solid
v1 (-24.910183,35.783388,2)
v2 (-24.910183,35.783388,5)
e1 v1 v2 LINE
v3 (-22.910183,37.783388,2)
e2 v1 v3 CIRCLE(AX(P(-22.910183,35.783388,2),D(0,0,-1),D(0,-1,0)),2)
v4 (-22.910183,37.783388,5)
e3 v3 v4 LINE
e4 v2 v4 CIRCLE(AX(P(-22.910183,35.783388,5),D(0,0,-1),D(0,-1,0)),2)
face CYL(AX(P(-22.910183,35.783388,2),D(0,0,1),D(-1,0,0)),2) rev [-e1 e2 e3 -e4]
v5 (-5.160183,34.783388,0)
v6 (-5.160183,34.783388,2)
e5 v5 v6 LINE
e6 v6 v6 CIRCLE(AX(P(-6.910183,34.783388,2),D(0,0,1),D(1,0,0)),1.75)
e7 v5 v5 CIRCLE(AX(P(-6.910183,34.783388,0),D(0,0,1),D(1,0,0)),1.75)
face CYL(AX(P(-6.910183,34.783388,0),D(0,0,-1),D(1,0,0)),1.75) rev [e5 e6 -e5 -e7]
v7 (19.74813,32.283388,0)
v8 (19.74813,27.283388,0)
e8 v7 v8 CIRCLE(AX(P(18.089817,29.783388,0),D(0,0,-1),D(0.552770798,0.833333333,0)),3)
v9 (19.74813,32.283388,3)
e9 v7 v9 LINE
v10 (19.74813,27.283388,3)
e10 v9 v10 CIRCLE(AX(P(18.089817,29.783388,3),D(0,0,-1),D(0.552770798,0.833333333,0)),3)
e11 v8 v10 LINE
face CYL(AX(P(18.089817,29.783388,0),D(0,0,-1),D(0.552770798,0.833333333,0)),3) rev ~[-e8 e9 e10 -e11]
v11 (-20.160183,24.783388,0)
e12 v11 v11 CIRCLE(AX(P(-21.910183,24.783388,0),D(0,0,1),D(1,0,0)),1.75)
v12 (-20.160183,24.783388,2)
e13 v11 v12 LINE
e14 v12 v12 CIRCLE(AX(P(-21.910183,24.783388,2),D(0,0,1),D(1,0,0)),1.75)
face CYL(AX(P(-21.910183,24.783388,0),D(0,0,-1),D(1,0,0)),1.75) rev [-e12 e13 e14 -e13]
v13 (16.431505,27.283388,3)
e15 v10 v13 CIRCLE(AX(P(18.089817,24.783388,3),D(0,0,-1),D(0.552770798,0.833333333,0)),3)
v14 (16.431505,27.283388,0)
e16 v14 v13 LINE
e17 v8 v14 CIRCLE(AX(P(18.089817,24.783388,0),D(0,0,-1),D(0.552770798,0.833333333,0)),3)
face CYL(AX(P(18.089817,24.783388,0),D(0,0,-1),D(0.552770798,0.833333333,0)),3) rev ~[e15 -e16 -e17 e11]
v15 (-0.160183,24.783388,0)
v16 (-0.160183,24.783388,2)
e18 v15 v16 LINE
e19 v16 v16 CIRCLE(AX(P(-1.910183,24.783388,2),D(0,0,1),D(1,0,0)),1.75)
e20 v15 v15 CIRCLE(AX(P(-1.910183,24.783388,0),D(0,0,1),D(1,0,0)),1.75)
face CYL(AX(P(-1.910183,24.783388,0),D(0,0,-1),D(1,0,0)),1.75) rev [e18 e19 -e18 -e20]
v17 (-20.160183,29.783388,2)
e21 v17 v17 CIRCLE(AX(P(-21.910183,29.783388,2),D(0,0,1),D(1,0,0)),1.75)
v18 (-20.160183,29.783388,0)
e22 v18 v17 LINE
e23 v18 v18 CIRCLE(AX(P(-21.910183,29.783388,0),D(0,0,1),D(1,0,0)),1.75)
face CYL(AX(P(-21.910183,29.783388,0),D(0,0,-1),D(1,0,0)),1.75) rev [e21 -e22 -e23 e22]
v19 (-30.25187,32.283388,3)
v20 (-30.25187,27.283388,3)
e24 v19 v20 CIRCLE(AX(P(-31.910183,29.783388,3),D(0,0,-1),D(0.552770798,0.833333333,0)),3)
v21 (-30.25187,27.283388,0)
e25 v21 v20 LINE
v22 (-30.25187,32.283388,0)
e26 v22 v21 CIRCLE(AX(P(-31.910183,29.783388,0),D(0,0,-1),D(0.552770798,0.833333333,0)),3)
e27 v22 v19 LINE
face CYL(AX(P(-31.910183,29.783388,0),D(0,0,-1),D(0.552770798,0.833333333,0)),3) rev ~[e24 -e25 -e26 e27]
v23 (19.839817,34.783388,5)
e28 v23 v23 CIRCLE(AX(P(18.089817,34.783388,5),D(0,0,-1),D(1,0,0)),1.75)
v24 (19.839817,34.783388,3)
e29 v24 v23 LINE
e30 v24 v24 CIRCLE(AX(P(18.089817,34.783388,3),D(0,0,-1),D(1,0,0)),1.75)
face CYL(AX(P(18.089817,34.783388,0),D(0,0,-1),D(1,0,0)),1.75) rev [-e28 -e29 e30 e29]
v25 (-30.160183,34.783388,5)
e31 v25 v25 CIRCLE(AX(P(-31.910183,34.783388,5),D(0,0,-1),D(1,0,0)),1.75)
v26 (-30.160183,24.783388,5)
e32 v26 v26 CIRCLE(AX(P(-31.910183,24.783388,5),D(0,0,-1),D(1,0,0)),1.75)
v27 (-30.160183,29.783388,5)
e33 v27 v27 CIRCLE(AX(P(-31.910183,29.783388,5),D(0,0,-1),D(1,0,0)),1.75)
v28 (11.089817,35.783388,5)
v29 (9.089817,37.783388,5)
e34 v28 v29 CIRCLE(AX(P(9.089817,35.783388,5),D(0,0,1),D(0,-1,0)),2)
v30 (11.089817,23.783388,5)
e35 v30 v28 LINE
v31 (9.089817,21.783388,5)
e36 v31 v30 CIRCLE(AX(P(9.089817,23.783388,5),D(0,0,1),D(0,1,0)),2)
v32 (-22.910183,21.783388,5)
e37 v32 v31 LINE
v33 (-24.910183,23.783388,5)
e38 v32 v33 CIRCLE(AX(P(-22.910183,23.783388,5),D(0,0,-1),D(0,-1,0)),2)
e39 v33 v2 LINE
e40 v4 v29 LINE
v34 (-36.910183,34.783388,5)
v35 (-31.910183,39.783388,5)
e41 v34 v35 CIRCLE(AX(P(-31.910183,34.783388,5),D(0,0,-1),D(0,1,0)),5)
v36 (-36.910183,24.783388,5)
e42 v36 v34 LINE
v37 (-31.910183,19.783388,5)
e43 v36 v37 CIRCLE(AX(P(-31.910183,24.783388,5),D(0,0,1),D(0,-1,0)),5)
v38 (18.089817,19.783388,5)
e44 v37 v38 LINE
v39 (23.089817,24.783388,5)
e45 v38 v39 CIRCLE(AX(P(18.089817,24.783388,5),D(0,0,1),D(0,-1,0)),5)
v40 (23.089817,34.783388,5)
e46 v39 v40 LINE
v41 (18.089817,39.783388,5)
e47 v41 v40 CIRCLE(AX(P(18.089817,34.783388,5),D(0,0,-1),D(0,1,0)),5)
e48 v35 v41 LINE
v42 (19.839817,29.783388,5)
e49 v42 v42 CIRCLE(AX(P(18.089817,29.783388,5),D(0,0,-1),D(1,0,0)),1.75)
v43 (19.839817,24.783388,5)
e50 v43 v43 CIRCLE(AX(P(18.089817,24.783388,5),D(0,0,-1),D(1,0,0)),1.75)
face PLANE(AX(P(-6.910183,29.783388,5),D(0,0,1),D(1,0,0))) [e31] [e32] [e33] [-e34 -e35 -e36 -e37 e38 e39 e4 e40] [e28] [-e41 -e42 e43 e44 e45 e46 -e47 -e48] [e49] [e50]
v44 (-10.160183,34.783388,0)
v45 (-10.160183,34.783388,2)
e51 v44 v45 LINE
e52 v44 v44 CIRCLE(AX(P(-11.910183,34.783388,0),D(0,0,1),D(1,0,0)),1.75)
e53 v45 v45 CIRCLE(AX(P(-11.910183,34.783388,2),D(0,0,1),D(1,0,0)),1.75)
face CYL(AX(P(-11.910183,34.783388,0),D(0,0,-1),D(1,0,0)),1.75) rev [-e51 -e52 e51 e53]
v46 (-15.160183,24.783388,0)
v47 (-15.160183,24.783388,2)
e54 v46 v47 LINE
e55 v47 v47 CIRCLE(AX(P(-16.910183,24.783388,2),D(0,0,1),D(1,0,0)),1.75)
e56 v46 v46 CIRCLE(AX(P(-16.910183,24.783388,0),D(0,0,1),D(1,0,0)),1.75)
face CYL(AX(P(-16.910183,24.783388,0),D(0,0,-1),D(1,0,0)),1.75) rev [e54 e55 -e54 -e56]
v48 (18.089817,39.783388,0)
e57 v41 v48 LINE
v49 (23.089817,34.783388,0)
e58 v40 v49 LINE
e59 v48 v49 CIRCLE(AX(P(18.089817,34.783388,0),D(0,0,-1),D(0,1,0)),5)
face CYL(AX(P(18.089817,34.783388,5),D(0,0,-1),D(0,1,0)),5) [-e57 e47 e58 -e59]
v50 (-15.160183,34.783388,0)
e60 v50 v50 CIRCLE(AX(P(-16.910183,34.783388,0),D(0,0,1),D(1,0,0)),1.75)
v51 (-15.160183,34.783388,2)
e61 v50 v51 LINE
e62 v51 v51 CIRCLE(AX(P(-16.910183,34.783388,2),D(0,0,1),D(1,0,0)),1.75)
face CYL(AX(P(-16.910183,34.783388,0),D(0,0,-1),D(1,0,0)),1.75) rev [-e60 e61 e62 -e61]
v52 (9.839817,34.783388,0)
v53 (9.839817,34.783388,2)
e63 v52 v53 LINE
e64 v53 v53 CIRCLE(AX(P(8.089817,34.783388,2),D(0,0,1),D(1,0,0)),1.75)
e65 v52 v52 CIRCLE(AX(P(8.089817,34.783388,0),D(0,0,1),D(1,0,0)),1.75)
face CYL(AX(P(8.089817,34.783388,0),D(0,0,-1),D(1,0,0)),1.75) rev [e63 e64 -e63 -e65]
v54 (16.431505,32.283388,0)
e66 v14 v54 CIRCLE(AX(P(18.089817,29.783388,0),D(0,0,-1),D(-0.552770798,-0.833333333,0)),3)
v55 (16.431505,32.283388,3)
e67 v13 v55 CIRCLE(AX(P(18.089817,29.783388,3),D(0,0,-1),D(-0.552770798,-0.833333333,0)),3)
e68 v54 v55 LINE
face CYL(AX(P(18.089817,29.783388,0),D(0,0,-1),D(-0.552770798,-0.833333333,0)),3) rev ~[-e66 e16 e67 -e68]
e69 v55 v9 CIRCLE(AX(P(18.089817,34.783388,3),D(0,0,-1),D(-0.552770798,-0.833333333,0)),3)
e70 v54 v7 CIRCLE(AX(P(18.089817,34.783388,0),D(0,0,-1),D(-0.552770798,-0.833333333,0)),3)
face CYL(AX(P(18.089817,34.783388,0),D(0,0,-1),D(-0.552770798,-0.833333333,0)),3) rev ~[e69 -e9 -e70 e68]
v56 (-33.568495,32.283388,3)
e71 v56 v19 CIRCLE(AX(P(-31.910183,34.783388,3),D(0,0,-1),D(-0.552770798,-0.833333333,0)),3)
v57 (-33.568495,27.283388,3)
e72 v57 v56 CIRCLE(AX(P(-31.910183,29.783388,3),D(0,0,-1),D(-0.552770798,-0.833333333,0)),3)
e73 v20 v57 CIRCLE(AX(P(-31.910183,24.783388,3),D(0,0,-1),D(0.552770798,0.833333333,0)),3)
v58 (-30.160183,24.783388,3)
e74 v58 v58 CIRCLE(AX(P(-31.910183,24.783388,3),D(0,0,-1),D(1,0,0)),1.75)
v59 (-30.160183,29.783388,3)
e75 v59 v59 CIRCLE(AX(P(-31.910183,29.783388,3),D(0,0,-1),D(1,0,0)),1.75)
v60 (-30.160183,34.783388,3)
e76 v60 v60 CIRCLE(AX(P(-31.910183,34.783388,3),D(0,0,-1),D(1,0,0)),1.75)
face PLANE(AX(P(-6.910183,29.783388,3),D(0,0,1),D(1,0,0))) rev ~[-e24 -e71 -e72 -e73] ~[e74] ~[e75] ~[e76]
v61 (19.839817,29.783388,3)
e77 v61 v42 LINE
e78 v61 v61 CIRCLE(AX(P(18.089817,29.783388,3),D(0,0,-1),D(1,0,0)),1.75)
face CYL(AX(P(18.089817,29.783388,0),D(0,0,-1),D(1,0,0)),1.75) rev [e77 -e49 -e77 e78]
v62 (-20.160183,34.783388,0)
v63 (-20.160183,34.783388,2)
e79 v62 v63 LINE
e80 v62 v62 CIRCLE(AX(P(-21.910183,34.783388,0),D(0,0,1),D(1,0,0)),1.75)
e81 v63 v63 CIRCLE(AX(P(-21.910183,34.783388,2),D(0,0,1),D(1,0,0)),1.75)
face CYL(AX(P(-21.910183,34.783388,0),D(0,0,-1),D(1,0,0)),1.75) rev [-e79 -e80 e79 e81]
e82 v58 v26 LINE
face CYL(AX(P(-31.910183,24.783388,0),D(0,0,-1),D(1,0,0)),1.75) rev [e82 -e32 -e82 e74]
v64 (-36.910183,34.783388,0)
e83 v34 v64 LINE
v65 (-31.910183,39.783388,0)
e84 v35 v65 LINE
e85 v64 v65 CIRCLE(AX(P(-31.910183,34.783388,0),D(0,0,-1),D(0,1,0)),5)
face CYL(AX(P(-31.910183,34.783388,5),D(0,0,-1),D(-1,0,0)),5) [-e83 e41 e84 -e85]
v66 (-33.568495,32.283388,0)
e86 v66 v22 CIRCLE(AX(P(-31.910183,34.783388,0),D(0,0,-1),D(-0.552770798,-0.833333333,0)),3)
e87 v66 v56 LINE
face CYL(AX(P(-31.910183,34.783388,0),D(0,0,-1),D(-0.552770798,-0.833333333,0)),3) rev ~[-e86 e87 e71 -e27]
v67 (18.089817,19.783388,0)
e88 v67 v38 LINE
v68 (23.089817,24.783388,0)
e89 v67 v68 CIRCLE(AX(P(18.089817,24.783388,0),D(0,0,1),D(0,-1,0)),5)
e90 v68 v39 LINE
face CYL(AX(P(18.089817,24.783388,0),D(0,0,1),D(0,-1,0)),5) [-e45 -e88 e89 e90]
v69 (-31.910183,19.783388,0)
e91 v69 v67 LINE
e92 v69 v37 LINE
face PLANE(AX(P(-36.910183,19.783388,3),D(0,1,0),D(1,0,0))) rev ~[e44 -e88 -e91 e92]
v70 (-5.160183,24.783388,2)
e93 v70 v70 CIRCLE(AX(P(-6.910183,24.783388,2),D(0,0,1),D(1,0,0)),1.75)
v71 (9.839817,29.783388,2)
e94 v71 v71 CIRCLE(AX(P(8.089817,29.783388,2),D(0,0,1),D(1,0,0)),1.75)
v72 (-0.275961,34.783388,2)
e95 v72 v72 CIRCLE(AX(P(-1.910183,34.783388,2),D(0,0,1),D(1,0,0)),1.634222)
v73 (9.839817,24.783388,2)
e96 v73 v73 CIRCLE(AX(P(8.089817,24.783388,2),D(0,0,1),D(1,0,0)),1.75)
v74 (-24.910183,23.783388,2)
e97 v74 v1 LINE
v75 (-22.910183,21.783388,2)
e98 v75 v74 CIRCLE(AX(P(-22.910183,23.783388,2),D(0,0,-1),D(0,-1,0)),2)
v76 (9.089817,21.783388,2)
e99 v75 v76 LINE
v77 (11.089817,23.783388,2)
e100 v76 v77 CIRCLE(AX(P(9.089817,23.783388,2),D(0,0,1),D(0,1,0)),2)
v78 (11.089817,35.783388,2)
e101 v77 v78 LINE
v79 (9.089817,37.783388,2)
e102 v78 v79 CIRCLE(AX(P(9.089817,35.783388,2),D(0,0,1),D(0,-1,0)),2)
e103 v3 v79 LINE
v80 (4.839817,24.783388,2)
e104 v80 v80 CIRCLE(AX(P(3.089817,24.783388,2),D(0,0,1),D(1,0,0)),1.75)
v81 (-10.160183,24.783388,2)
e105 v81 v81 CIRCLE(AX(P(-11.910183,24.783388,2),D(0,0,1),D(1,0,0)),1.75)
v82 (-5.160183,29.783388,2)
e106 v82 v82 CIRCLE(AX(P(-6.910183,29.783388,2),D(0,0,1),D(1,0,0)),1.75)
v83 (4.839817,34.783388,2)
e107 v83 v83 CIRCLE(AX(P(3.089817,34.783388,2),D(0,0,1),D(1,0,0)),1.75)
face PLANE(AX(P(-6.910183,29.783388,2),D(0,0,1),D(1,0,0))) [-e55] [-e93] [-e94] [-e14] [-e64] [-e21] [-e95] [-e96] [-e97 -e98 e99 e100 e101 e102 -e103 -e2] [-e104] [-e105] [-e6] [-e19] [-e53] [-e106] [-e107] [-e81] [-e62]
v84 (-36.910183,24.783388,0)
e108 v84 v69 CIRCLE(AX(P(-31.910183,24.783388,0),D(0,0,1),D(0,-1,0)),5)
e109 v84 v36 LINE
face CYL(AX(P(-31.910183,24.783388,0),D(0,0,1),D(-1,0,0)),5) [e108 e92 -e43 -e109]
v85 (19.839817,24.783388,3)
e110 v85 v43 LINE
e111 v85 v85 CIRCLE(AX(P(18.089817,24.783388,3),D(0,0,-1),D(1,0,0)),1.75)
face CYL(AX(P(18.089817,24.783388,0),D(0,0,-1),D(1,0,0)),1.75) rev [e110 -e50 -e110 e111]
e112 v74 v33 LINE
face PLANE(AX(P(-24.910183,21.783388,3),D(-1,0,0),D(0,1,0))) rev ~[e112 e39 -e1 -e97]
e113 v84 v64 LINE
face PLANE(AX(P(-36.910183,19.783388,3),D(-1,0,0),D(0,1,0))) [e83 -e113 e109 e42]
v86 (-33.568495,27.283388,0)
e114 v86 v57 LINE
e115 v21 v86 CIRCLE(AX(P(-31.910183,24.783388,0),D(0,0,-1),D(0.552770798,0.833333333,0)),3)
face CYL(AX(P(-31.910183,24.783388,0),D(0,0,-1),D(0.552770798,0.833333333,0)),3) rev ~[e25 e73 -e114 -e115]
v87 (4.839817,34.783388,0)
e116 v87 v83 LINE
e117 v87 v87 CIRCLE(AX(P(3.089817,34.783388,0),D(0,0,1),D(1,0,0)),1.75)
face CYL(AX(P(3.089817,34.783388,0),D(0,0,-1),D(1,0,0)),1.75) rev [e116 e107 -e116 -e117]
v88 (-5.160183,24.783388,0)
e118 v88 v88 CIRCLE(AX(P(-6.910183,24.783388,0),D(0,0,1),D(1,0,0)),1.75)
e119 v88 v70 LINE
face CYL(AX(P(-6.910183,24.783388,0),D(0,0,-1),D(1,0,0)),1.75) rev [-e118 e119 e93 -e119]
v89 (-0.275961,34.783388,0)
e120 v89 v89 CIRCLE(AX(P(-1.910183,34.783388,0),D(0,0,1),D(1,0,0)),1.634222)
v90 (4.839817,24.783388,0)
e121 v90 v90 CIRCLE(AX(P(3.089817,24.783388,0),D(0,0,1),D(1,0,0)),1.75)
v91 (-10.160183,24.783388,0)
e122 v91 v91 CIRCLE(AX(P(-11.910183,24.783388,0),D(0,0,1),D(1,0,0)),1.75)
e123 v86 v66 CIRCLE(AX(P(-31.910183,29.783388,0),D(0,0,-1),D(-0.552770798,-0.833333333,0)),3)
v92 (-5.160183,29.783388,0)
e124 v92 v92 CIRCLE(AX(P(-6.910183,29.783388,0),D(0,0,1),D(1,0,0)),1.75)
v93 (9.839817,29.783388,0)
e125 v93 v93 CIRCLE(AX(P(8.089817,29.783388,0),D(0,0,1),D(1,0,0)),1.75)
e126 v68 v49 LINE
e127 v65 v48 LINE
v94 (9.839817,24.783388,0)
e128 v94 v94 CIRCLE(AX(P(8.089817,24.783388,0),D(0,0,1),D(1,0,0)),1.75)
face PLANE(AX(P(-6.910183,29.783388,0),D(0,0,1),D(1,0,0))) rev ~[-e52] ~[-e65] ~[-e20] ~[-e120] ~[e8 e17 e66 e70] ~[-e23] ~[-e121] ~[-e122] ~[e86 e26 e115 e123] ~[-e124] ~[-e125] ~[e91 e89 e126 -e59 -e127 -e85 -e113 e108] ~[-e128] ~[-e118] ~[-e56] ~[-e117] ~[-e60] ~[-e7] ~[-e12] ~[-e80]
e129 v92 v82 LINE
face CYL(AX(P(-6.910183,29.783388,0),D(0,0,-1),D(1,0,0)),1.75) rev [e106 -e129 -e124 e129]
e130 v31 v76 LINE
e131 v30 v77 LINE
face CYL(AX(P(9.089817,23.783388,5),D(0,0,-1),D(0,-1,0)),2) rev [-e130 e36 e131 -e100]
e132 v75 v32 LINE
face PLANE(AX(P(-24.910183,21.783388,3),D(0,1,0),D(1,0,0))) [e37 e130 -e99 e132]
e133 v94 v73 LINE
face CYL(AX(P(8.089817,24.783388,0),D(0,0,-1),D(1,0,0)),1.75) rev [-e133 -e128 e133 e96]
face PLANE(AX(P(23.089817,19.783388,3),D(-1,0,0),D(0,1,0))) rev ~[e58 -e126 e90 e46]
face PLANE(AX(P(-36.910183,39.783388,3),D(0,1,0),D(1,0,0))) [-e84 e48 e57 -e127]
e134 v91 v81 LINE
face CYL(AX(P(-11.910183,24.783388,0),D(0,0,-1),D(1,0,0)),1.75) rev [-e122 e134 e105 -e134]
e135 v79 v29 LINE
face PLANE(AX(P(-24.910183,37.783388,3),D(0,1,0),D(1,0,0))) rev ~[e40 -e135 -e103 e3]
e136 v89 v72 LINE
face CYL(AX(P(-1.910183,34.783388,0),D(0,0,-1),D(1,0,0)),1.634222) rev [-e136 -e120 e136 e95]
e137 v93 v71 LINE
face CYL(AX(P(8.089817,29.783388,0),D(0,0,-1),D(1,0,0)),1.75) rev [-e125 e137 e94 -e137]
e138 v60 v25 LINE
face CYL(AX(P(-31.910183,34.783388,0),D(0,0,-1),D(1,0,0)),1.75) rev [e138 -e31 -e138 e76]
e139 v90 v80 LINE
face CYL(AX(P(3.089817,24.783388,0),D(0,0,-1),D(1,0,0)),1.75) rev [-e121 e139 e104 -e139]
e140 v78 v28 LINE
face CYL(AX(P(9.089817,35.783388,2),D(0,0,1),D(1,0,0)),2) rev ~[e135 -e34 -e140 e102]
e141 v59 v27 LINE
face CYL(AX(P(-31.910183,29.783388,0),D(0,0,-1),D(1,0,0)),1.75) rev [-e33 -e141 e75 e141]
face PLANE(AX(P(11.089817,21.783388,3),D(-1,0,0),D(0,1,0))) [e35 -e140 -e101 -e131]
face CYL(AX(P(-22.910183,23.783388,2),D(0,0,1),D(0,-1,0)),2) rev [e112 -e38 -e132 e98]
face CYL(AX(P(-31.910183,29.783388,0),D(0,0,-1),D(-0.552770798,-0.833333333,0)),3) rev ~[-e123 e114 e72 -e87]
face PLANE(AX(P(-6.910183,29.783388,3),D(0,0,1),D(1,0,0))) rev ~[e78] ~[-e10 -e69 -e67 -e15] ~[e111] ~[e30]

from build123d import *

# Parameters (mm, degrees)
F0_W     = 36
F0_H     = 16
F0_R     = 1.75
F0_R_2   = 1.6342219217
F1_DEPTH = 2
F0_W_2   = 60
F0_H_2   = 20
F2_DEPTH = 3
F3_W     = 60
F3_H     = 20
F3_W_2   = 36
F3_H_2   = 16
F4_DEPTH = 2
F5_DEPTH = 25
F6_R     = 5
F7_R     = 2


with BuildPart() as f1:
    # F0 (on Top) → F1 (new body)
    with BuildSketch(Plane.XY):
        with Locations((-6.9101825356, 29.7833877802)):
            Rectangle(F0_W, F0_H)
        with Locations((-21.9101825356, 24.7833877802)):
            Circle(F0_R, mode=Mode.SUBTRACT)
        with Locations((-16.9101825356, 24.7833877802)):
            Circle(F0_R, mode=Mode.SUBTRACT)
        with Locations((-11.9101825356, 24.7833877802)):
            Circle(F0_R, mode=Mode.SUBTRACT)
        with Locations((-6.9101825356, 24.7833877802)):
            Circle(F0_R, mode=Mode.SUBTRACT)
        with Locations((-1.9101825356, 24.7833877802)):
            Circle(F0_R, mode=Mode.SUBTRACT)
        with Locations((3.0898174644, 24.7833877802)):
            Circle(F0_R, mode=Mode.SUBTRACT)
        with Locations((8.0898174644, 24.7833877802)):
            Circle(F0_R, mode=Mode.SUBTRACT)
        with Locations((-21.9101825356, 29.7833877802)):
            Circle(F0_R, mode=Mode.SUBTRACT)
        with Locations((-21.9101825356, 34.7833877802)):
            Circle(F0_R, mode=Mode.SUBTRACT)
        with Locations((-16.9101825356, 34.7833877802)):
            Circle(F0_R, mode=Mode.SUBTRACT)
        with Locations((-11.9101825356, 34.7833877802)):
            Circle(F0_R, mode=Mode.SUBTRACT)
        with Locations((-6.9101825356, 29.7833877802)):
            Circle(F0_R, mode=Mode.SUBTRACT)
        with Locations((8.0898174644, 29.7833877802)):
            Circle(F0_R, mode=Mode.SUBTRACT)
        with Locations((-6.9101825356, 34.7833877802)):
            Circle(F0_R, mode=Mode.SUBTRACT)
        with Locations((-1.9101825356, 34.7833877802)):
            Circle(F0_R_2, mode=Mode.SUBTRACT)
        with Locations((3.0898174644, 34.7833877802)):
            Circle(F0_R, mode=Mode.SUBTRACT)
        with Locations((8.0898174644, 34.7833877802)):
            Circle(F0_R, mode=Mode.SUBTRACT)
    extrude(amount=F1_DEPTH)

    # F0 (on Top) → F2 (join)
    with BuildSketch(Plane.XY):
        with Locations((-6.9101825356, 29.7833877802)):
            Rectangle(F0_W_2, F0_H_2)
        with Locations((-6.9101825356, 29.7833877802)):
            Rectangle(F0_W, F0_H, mode=Mode.SUBTRACT)
        with BuildLine():
            ThreePointArc((-30.2518701405, 27.2833877802), (-31.9101825356, 21.7833877802), (-33.5684949308, 27.2833877802))
            ThreePointArc((-33.5684949308, 27.2833877802), (-34.9101825356, 29.7833877802), (-33.5684949308, 32.2833877802))
            ThreePointArc((-33.5684949308, 32.2833877802), (-31.9101825356, 37.7833877802), (-30.2518701405, 32.2833877802))
            ThreePointArc((-30.2518701405, 32.2833877802), (-28.9101825356, 29.7833877802), (-30.2518701405, 27.2833877802))
        make_face(mode=Mode.SUBTRACT)
        with BuildLine():
            ThreePointArc((19.7481298595, 27.2833877802), (18.0898174644, 21.7833877802), (16.4315050692, 27.2833877802))
            ThreePointArc((16.4315050692, 27.2833877802), (15.0898174644, 29.7833877802), (16.4315050692, 32.2833877802))
            ThreePointArc((16.4315050692, 32.2833877802), (18.0898174644, 37.7833877802), (19.7481298595, 32.2833877802))
            ThreePointArc((19.7481298595, 32.2833877802), (21.0898174644, 29.7833877802), (19.7481298595, 27.2833877802))
        make_face(mode=Mode.SUBTRACT)
    extrude(amount=F2_DEPTH)

    # F3 (on face) → F4 (join)
    with BuildSketch(Plane.XY.offset(3)):
        with Locations((-6.9101825356, 29.7833877802)):
            Rectangle(F3_W, F3_H)
        with Locations((-6.9101825356, 29.7833877802)):
            Rectangle(F3_W_2, F3_H_2, mode=Mode.SUBTRACT)
        with BuildLine():
            ThreePointArc((-33.5684949308, 32.2833877802), (-31.9101825356, 37.7833877802), (-30.2518701405, 32.2833877802))
            ThreePointArc((-30.2518701405, 32.2833877802), (-28.9101825356, 29.7833877802), (-30.2518701405, 27.2833877802))
            ThreePointArc((-30.2518701405, 27.2833877802), (-31.9101825356, 21.7833877802), (-33.5684949308, 27.2833877802))
            ThreePointArc((-33.5684949308, 27.2833877802), (-34.9101825356, 29.7833877802), (-33.5684949308, 32.2833877802))
        make_face(mode=Mode.SUBTRACT)
        with BuildLine():
            ThreePointArc((16.4315050692, 32.2833877802), (18.0898174644, 37.7833877802), (19.7481298595, 32.2833877802))
            ThreePointArc((19.7481298595, 32.2833877802), (21.0898174644, 29.7833877802), (19.7481298595, 27.2833877802))
            ThreePointArc((19.7481298595, 27.2833877802), (18.0898174644, 21.7833877802), (16.4315050692, 27.2833877802))
            ThreePointArc((16.4315050692, 27.2833877802), (15.0898174644, 29.7833877802), (16.4315050692, 32.2833877802))
        make_face(mode=Mode.SUBTRACT)
        with BuildLine():
            ThreePointArc((19.7481298595, 27.2833877802), (21.0898174644, 29.7833877802), (19.7481298595, 32.2833877802))
            ThreePointArc((19.7481298595, 32.2833877802), (18.0898174644, 37.7833877802), (16.4315050692, 32.2833877802))
            ThreePointArc((16.4315050692, 32.2833877802), (15.0898174644, 29.7833877802), (16.4315050692, 27.2833877802))
            ThreePointArc((16.4315050692, 27.2833877802), (18.0898174644, 21.7833877802), (19.7481298595, 27.2833877802))
        make_face()
        with BuildLine():
            ThreePointArc((-30.2518701405, 27.2833877802), (-28.9101825356, 29.7833877802), (-30.2518701405, 32.2833877802))
            ThreePointArc((-30.2518701405, 32.2833877802), (-31.9101825356, 37.7833877802), (-33.5684949308, 32.2833877802))
            ThreePointArc((-33.5684949308, 32.2833877802), (-34.9101825356, 29.7833877802), (-33.5684949308, 27.2833877802))
            ThreePointArc((-33.5684949308, 27.2833877802), (-31.9101825356, 21.7833877802), (-30.2518701405, 27.2833877802))
        make_face()
    extrude(amount=F4_DEPTH)

    # F0 (on Top) → F5 (cut)
    with BuildSketch(Plane.XY):
        with Locations((-31.9101825356, 34.7833877802)):
            Circle(F0_R)
        with Locations((-31.9101825356, 29.7833877802)):
            Circle(F0_R)
        with Locations((-31.9101825356, 24.7833877802)):
            Circle(F0_R)
        with Locations((18.0898174644, 24.7833877802)):
            Circle(F0_R)
        with Locations((18.0898174644, 34.7833877802)):
            Circle(F0_R)
        with Locations((18.0898174644, 29.7833877802)):
            Circle(F0_R)
    extrude(amount=F5_DEPTH, mode=Mode.SUBTRACT)

    # F6
    f6_edges = [f1.edges().sort_by_distance(p)[0] for p in [
        (-36.910183, 39.783388, 2.5),
        (-36.910183, 19.783388, 2.5),
        (23.089817, 19.783388, 2.5),
        (23.089817, 39.783388, 2.5),
    ]]
    fillet(f6_edges, radius=F6_R)

    # F7
    f7_edges = [f1.edges().sort_by_distance(p)[0] for p in [
        (-24.910183, 37.783388, 3.5),
        (11.089817, 21.783388, 3.5),
        (11.089817, 37.783388, 3.5),
        (-24.910183, 21.783388, 3.5),
    ]]
    fillet(f7_edges, radius=F7_R)


solid = f1.part
